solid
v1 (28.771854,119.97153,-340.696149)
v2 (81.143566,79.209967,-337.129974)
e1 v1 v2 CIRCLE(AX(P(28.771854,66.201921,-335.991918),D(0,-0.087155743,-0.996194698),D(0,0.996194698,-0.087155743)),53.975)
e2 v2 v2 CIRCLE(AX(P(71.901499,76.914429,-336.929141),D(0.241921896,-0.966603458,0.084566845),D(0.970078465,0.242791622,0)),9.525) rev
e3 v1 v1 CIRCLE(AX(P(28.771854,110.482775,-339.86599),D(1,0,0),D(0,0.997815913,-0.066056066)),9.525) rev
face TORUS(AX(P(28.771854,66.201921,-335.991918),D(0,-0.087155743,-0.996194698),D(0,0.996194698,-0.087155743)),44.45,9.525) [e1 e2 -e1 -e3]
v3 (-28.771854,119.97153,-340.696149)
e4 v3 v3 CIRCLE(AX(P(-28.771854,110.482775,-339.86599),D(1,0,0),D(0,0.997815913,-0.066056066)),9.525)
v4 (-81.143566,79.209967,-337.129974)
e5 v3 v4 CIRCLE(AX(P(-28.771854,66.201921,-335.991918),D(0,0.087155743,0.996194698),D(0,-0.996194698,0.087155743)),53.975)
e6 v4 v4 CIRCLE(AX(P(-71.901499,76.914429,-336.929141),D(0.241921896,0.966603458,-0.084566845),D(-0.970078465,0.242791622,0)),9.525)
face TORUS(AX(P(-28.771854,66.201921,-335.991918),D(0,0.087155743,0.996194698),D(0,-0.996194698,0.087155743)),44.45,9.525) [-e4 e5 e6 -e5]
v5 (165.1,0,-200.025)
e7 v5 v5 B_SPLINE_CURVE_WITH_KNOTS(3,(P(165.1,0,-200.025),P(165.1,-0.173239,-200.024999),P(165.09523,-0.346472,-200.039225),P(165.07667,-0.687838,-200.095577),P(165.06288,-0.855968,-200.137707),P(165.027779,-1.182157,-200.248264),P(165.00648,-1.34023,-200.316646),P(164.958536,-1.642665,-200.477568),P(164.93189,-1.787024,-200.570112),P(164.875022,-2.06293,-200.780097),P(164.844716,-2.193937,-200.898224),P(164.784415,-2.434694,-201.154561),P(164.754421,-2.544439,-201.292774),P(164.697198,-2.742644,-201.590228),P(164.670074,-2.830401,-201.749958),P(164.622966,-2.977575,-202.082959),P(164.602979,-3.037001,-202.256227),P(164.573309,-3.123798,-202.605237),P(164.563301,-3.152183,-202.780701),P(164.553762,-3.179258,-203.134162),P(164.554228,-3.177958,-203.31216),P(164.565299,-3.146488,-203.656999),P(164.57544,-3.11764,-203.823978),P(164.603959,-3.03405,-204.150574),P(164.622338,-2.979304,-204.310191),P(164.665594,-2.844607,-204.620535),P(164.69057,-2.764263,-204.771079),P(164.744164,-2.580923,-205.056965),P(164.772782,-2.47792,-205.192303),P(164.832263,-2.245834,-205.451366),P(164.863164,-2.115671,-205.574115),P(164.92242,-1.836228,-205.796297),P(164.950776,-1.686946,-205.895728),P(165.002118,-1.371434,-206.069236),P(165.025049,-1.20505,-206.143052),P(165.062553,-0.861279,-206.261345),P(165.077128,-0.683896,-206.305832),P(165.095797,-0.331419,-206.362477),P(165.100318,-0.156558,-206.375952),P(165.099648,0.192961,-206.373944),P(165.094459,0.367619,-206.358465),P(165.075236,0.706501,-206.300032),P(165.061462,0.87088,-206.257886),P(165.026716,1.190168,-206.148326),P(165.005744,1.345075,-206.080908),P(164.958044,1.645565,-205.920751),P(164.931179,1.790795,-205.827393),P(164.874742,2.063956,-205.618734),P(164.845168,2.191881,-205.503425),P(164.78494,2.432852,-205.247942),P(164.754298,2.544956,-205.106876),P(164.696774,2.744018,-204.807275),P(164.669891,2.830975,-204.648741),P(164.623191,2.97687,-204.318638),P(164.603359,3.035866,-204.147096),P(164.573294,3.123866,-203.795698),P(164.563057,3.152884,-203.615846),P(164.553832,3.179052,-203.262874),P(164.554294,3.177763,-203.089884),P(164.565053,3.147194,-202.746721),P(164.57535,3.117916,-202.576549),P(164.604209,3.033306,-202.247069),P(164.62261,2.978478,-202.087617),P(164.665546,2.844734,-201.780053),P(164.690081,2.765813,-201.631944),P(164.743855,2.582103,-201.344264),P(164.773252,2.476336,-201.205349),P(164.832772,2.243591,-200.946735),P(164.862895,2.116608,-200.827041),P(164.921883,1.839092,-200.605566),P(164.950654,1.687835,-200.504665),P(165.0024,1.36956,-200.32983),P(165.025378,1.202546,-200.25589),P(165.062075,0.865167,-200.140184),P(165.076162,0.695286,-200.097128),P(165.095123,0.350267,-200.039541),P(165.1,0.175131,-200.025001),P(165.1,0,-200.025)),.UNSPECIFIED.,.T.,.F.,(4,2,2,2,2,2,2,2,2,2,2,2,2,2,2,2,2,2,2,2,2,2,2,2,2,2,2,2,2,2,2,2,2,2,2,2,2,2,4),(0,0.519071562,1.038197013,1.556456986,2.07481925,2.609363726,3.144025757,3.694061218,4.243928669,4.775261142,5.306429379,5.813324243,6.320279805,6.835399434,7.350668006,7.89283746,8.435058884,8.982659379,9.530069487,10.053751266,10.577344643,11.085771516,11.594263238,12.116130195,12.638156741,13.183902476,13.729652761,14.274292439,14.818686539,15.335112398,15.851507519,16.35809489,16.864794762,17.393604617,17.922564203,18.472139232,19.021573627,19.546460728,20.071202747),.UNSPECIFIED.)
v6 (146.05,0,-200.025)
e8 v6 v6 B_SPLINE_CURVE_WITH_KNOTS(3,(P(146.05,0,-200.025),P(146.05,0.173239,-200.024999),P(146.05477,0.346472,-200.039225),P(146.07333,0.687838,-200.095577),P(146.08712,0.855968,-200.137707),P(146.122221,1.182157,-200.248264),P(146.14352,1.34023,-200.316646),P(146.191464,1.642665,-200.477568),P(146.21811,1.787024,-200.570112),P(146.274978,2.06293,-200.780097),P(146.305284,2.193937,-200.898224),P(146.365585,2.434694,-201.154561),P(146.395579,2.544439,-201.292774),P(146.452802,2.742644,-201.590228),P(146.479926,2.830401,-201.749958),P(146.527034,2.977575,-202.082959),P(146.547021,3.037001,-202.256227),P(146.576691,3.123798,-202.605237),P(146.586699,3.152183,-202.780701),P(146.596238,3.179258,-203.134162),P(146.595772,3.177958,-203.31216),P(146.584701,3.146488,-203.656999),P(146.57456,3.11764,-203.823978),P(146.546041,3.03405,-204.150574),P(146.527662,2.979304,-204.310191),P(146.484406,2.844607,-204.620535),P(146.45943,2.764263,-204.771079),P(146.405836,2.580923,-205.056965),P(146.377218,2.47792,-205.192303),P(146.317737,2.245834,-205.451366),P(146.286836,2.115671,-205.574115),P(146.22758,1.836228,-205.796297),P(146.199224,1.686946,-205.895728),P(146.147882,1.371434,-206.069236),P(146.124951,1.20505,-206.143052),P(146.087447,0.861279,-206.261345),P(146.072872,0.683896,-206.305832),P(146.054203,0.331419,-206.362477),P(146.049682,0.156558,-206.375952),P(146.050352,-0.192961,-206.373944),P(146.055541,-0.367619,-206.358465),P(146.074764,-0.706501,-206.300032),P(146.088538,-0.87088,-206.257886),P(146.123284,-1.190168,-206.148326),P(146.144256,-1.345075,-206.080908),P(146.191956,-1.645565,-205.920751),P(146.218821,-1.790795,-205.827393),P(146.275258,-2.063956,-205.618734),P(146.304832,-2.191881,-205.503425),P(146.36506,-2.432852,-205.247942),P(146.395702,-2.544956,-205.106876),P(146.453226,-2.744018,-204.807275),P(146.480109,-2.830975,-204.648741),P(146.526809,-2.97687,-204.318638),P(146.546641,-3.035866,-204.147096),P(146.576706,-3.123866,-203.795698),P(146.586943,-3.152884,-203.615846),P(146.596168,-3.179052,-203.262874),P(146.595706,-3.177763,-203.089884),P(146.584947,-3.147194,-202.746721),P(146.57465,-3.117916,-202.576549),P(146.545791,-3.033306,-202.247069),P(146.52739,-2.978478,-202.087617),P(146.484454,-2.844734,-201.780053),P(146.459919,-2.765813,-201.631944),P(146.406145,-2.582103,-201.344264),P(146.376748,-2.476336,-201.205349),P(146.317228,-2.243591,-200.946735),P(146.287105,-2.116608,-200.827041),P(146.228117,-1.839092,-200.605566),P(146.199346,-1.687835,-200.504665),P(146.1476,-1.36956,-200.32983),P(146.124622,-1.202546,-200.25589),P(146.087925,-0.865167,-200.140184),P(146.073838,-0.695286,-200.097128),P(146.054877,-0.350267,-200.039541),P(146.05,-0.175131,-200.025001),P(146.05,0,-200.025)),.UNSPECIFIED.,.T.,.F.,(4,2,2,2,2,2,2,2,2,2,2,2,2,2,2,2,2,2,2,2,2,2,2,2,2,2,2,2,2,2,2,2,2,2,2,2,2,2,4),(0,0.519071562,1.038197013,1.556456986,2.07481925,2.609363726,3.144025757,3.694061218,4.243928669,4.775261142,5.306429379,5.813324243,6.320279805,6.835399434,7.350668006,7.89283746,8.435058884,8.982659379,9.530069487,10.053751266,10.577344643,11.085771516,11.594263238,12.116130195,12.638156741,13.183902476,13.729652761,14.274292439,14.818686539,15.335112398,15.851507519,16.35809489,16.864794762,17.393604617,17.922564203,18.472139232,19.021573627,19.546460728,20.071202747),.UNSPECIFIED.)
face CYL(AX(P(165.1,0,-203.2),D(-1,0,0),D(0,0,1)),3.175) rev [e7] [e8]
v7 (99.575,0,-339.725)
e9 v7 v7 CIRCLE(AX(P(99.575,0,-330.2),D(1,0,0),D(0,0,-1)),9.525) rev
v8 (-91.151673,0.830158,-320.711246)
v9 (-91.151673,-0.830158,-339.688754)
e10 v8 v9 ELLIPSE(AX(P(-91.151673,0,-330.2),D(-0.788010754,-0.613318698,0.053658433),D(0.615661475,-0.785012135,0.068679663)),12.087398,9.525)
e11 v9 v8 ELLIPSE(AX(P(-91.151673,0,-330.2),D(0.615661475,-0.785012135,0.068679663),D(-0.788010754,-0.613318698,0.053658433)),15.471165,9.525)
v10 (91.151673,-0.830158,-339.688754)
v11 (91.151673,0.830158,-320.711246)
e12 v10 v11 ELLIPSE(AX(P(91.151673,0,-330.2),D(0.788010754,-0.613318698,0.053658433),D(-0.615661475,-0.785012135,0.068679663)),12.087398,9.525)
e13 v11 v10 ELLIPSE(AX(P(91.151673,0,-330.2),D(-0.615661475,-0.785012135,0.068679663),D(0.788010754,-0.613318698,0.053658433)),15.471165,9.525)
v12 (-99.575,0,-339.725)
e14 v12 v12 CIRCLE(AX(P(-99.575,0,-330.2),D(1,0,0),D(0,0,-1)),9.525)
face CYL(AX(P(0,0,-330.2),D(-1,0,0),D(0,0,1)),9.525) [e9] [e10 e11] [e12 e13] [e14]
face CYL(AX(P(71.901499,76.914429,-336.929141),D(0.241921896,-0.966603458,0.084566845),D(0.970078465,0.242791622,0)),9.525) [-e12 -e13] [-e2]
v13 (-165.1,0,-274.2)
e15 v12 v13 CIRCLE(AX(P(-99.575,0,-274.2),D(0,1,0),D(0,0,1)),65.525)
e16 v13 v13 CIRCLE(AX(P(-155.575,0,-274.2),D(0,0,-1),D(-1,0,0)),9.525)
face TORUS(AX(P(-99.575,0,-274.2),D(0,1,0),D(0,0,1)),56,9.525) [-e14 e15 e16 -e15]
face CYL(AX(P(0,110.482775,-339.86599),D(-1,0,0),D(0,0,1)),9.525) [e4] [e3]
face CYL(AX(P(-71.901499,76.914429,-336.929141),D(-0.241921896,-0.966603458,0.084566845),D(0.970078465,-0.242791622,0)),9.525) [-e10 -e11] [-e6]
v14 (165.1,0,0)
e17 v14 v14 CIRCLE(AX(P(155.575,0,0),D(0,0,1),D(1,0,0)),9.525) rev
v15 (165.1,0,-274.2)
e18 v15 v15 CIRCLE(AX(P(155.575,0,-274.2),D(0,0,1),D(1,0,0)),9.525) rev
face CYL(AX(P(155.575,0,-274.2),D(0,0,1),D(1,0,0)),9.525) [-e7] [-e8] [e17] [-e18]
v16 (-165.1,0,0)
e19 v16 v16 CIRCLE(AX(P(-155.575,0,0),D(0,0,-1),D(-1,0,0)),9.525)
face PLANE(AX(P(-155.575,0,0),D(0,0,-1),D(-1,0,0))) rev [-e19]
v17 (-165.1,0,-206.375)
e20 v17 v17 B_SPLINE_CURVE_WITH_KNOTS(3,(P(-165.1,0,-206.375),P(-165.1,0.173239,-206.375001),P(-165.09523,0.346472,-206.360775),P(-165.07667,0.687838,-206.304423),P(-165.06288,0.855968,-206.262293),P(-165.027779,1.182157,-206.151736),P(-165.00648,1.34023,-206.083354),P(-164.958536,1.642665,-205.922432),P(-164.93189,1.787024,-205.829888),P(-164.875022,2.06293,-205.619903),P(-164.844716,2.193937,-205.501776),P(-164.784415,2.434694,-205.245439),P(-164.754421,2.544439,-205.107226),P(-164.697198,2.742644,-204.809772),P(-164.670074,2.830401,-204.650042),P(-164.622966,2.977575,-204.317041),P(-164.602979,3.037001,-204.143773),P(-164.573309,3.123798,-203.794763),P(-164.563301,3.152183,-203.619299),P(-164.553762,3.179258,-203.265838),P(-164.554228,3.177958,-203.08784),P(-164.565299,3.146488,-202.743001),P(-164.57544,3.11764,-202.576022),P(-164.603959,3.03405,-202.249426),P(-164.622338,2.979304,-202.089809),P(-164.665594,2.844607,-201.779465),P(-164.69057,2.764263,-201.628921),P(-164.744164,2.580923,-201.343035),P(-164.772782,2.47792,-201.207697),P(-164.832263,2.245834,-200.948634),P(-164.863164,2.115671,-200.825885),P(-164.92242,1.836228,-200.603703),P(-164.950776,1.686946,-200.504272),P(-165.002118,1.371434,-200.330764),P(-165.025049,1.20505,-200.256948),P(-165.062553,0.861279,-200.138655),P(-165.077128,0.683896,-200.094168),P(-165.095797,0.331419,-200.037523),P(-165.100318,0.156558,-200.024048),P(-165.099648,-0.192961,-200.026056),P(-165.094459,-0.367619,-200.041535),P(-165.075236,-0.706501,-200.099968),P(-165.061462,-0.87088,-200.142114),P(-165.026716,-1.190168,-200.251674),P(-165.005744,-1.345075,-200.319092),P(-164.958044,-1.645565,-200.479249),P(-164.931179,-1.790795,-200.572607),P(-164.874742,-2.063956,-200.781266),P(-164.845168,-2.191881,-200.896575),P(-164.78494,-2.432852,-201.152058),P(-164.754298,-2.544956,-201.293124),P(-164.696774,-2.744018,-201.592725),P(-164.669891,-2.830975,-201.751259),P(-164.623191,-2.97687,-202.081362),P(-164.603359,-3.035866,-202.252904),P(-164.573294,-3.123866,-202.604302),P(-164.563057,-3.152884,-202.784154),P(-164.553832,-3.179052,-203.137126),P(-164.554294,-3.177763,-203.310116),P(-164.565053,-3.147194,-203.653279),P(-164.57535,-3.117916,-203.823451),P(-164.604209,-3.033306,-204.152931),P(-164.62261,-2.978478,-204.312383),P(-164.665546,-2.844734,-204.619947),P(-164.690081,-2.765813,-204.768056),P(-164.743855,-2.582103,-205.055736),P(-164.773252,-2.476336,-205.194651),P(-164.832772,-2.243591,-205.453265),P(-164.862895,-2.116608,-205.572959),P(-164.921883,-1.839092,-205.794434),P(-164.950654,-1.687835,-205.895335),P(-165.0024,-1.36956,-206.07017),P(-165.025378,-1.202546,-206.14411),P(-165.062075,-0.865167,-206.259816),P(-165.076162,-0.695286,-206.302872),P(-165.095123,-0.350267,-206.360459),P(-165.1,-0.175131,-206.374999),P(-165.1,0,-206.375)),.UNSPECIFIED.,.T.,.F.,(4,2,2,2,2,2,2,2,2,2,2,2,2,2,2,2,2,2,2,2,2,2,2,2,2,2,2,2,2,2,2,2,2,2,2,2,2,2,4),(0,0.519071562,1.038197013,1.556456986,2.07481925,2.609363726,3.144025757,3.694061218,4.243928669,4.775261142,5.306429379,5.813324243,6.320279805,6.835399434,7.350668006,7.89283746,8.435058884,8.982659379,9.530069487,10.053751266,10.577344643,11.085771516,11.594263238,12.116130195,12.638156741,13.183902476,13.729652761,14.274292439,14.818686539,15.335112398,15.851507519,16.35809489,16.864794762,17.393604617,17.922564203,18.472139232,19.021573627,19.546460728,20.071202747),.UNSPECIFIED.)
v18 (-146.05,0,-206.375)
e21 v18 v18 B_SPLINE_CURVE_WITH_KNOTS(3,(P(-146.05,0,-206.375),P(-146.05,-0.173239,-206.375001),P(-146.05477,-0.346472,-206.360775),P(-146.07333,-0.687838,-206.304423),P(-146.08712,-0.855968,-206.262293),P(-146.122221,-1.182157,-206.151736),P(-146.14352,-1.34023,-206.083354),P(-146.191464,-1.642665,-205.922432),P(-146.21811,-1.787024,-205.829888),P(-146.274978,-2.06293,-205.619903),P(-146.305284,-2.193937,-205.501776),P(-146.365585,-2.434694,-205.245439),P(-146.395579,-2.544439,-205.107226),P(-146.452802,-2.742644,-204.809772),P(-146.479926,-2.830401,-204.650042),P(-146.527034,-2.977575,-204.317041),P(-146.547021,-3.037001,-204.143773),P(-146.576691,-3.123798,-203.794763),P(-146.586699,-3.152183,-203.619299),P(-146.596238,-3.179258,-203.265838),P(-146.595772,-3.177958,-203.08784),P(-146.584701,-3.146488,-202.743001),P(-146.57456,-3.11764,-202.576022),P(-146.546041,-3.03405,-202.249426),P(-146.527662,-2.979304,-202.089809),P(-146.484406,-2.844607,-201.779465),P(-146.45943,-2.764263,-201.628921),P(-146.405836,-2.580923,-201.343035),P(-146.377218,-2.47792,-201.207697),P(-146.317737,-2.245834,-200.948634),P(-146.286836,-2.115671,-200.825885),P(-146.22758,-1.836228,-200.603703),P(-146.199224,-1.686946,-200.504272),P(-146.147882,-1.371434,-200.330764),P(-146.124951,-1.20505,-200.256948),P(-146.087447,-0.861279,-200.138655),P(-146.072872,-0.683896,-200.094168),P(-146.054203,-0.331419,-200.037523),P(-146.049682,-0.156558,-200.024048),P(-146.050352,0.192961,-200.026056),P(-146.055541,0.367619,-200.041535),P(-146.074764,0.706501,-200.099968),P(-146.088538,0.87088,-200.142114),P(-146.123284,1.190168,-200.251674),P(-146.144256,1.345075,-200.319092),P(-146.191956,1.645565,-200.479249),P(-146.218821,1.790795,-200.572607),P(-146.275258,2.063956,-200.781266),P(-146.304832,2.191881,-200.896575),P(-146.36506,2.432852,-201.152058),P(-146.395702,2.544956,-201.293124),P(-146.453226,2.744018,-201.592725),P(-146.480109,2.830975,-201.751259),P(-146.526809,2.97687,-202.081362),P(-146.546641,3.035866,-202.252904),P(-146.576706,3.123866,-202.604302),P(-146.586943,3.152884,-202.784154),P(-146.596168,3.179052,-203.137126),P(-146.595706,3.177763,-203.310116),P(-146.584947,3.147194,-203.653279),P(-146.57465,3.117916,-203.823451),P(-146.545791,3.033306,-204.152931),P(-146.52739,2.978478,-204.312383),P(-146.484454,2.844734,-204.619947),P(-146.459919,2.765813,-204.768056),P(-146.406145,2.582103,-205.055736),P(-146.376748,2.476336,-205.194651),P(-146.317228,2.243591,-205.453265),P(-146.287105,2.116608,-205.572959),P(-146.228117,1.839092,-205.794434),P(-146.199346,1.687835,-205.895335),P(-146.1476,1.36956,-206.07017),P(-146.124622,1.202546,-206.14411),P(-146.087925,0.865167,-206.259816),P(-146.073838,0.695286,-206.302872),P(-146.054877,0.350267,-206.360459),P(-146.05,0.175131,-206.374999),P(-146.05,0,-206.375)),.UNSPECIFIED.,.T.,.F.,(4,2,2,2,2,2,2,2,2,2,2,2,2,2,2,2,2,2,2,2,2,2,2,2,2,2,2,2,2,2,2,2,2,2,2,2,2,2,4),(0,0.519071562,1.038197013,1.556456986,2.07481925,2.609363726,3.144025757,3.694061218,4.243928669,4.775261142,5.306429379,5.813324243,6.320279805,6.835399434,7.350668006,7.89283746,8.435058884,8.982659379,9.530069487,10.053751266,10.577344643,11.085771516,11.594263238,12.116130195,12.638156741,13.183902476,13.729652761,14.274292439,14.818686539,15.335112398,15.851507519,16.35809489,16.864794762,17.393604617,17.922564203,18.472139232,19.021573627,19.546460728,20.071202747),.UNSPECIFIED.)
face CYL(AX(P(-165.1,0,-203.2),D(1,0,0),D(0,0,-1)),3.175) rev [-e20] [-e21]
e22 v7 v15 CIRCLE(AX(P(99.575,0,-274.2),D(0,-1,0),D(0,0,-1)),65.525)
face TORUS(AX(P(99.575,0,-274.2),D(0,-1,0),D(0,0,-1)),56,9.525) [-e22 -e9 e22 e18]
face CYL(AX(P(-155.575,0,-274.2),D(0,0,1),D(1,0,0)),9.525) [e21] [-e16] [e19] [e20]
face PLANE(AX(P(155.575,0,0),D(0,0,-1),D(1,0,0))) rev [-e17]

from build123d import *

# Parameters (mm, degrees)
SWEEP1_PROFILE_R   = 9.525
SWEEP2_PROFILE_R   = 9.525
SKETCH37_R         = 3.175
CUT_EXTRUDE1_DEPTH = 405.640507596


with BuildPart() as part:
    # Sweep1: sweep along a path in Sketch2
    with BuildLine(Plane(origin=(0, -28.669314133, -327.691760022), x_dir=(-1, 0, 0), z_dir=(0, 0.08715574274765835, 0.9961946980917455))) as sweep1_path:
        Line((0, -139.683627769), (28.771853902, -139.683627769))
        ThreePointArc((28.771853902, -139.683627769), (56.13800648, -130.260705766), (71.901498935, -105.987056028))
        Line((71.901498935, -105.987056028), (91.151672667, -28.778826255))
    # Sweep1 profile (on start of the path) → Sweep1 (sweep)
    with BuildSketch(Plane(origin=(0, 110.482775261, -339.86599035), x_dir=(0, 0, -1), z_dir=(-1, 0, 0))):
        Circle(SWEEP1_PROFILE_R)
    sweep1 = sweep(path=sweep1_path.line)

    # Sweep2: sweep along a path in Sketch1
    with BuildLine(Plane(origin=(0, 0, 0), x_dir=(1, 0, 0), z_dir=(0, 1, 0))) as sweep2_path:
        Line((0, 330.2), (-99.575, 330.2))
        ThreePointArc((-99.575, 330.2), (-139.172979746, 313.797979746), (-155.575, 274.2))
        Line((-155.575, 274.2), (-155.575, 0))
    # Sweep2 profile (on start of the path) → Sweep2 (sweep)
    with BuildSketch(Plane(origin=(0, 0, -330.2), x_dir=(0, 0, -1), z_dir=(-1, 0, 0))):
        Circle(SWEEP2_PROFILE_R)
    sweep2 = sweep(path=sweep2_path.line)

    # Sketch37 → Cut-Extrude1 (cut, through all)
    with BuildSketch(Plane(origin=(0, 0, 0), x_dir=(0, 0, -1), z_dir=(1, 0, 0))):
        with Locations((203.2, 0)):
            Circle(SKETCH37_R)
    cut_extrude1 = extrude(amount=-CUT_EXTRUDE1_DEPTH, mode=Mode.SUBTRACT)

    # Mirror1: Sweep1, Sweep2, Cut-Extrude1 across plane
    add(sweep1.mirror(Plane(origin=(0, 0, 0), x_dir=(0, 0, 1), z_dir=(1, 0, 0))))
    add(sweep2.mirror(Plane(origin=(0, 0, 0), x_dir=(0, 0, 1), z_dir=(1, 0, 0))))
    add(cut_extrude1.mirror(Plane(origin=(0, 0, 0), x_dir=(0, 0, 1), z_dir=(1, 0, 0))), mode=Mode.SUBTRACT)


solid = part.part
